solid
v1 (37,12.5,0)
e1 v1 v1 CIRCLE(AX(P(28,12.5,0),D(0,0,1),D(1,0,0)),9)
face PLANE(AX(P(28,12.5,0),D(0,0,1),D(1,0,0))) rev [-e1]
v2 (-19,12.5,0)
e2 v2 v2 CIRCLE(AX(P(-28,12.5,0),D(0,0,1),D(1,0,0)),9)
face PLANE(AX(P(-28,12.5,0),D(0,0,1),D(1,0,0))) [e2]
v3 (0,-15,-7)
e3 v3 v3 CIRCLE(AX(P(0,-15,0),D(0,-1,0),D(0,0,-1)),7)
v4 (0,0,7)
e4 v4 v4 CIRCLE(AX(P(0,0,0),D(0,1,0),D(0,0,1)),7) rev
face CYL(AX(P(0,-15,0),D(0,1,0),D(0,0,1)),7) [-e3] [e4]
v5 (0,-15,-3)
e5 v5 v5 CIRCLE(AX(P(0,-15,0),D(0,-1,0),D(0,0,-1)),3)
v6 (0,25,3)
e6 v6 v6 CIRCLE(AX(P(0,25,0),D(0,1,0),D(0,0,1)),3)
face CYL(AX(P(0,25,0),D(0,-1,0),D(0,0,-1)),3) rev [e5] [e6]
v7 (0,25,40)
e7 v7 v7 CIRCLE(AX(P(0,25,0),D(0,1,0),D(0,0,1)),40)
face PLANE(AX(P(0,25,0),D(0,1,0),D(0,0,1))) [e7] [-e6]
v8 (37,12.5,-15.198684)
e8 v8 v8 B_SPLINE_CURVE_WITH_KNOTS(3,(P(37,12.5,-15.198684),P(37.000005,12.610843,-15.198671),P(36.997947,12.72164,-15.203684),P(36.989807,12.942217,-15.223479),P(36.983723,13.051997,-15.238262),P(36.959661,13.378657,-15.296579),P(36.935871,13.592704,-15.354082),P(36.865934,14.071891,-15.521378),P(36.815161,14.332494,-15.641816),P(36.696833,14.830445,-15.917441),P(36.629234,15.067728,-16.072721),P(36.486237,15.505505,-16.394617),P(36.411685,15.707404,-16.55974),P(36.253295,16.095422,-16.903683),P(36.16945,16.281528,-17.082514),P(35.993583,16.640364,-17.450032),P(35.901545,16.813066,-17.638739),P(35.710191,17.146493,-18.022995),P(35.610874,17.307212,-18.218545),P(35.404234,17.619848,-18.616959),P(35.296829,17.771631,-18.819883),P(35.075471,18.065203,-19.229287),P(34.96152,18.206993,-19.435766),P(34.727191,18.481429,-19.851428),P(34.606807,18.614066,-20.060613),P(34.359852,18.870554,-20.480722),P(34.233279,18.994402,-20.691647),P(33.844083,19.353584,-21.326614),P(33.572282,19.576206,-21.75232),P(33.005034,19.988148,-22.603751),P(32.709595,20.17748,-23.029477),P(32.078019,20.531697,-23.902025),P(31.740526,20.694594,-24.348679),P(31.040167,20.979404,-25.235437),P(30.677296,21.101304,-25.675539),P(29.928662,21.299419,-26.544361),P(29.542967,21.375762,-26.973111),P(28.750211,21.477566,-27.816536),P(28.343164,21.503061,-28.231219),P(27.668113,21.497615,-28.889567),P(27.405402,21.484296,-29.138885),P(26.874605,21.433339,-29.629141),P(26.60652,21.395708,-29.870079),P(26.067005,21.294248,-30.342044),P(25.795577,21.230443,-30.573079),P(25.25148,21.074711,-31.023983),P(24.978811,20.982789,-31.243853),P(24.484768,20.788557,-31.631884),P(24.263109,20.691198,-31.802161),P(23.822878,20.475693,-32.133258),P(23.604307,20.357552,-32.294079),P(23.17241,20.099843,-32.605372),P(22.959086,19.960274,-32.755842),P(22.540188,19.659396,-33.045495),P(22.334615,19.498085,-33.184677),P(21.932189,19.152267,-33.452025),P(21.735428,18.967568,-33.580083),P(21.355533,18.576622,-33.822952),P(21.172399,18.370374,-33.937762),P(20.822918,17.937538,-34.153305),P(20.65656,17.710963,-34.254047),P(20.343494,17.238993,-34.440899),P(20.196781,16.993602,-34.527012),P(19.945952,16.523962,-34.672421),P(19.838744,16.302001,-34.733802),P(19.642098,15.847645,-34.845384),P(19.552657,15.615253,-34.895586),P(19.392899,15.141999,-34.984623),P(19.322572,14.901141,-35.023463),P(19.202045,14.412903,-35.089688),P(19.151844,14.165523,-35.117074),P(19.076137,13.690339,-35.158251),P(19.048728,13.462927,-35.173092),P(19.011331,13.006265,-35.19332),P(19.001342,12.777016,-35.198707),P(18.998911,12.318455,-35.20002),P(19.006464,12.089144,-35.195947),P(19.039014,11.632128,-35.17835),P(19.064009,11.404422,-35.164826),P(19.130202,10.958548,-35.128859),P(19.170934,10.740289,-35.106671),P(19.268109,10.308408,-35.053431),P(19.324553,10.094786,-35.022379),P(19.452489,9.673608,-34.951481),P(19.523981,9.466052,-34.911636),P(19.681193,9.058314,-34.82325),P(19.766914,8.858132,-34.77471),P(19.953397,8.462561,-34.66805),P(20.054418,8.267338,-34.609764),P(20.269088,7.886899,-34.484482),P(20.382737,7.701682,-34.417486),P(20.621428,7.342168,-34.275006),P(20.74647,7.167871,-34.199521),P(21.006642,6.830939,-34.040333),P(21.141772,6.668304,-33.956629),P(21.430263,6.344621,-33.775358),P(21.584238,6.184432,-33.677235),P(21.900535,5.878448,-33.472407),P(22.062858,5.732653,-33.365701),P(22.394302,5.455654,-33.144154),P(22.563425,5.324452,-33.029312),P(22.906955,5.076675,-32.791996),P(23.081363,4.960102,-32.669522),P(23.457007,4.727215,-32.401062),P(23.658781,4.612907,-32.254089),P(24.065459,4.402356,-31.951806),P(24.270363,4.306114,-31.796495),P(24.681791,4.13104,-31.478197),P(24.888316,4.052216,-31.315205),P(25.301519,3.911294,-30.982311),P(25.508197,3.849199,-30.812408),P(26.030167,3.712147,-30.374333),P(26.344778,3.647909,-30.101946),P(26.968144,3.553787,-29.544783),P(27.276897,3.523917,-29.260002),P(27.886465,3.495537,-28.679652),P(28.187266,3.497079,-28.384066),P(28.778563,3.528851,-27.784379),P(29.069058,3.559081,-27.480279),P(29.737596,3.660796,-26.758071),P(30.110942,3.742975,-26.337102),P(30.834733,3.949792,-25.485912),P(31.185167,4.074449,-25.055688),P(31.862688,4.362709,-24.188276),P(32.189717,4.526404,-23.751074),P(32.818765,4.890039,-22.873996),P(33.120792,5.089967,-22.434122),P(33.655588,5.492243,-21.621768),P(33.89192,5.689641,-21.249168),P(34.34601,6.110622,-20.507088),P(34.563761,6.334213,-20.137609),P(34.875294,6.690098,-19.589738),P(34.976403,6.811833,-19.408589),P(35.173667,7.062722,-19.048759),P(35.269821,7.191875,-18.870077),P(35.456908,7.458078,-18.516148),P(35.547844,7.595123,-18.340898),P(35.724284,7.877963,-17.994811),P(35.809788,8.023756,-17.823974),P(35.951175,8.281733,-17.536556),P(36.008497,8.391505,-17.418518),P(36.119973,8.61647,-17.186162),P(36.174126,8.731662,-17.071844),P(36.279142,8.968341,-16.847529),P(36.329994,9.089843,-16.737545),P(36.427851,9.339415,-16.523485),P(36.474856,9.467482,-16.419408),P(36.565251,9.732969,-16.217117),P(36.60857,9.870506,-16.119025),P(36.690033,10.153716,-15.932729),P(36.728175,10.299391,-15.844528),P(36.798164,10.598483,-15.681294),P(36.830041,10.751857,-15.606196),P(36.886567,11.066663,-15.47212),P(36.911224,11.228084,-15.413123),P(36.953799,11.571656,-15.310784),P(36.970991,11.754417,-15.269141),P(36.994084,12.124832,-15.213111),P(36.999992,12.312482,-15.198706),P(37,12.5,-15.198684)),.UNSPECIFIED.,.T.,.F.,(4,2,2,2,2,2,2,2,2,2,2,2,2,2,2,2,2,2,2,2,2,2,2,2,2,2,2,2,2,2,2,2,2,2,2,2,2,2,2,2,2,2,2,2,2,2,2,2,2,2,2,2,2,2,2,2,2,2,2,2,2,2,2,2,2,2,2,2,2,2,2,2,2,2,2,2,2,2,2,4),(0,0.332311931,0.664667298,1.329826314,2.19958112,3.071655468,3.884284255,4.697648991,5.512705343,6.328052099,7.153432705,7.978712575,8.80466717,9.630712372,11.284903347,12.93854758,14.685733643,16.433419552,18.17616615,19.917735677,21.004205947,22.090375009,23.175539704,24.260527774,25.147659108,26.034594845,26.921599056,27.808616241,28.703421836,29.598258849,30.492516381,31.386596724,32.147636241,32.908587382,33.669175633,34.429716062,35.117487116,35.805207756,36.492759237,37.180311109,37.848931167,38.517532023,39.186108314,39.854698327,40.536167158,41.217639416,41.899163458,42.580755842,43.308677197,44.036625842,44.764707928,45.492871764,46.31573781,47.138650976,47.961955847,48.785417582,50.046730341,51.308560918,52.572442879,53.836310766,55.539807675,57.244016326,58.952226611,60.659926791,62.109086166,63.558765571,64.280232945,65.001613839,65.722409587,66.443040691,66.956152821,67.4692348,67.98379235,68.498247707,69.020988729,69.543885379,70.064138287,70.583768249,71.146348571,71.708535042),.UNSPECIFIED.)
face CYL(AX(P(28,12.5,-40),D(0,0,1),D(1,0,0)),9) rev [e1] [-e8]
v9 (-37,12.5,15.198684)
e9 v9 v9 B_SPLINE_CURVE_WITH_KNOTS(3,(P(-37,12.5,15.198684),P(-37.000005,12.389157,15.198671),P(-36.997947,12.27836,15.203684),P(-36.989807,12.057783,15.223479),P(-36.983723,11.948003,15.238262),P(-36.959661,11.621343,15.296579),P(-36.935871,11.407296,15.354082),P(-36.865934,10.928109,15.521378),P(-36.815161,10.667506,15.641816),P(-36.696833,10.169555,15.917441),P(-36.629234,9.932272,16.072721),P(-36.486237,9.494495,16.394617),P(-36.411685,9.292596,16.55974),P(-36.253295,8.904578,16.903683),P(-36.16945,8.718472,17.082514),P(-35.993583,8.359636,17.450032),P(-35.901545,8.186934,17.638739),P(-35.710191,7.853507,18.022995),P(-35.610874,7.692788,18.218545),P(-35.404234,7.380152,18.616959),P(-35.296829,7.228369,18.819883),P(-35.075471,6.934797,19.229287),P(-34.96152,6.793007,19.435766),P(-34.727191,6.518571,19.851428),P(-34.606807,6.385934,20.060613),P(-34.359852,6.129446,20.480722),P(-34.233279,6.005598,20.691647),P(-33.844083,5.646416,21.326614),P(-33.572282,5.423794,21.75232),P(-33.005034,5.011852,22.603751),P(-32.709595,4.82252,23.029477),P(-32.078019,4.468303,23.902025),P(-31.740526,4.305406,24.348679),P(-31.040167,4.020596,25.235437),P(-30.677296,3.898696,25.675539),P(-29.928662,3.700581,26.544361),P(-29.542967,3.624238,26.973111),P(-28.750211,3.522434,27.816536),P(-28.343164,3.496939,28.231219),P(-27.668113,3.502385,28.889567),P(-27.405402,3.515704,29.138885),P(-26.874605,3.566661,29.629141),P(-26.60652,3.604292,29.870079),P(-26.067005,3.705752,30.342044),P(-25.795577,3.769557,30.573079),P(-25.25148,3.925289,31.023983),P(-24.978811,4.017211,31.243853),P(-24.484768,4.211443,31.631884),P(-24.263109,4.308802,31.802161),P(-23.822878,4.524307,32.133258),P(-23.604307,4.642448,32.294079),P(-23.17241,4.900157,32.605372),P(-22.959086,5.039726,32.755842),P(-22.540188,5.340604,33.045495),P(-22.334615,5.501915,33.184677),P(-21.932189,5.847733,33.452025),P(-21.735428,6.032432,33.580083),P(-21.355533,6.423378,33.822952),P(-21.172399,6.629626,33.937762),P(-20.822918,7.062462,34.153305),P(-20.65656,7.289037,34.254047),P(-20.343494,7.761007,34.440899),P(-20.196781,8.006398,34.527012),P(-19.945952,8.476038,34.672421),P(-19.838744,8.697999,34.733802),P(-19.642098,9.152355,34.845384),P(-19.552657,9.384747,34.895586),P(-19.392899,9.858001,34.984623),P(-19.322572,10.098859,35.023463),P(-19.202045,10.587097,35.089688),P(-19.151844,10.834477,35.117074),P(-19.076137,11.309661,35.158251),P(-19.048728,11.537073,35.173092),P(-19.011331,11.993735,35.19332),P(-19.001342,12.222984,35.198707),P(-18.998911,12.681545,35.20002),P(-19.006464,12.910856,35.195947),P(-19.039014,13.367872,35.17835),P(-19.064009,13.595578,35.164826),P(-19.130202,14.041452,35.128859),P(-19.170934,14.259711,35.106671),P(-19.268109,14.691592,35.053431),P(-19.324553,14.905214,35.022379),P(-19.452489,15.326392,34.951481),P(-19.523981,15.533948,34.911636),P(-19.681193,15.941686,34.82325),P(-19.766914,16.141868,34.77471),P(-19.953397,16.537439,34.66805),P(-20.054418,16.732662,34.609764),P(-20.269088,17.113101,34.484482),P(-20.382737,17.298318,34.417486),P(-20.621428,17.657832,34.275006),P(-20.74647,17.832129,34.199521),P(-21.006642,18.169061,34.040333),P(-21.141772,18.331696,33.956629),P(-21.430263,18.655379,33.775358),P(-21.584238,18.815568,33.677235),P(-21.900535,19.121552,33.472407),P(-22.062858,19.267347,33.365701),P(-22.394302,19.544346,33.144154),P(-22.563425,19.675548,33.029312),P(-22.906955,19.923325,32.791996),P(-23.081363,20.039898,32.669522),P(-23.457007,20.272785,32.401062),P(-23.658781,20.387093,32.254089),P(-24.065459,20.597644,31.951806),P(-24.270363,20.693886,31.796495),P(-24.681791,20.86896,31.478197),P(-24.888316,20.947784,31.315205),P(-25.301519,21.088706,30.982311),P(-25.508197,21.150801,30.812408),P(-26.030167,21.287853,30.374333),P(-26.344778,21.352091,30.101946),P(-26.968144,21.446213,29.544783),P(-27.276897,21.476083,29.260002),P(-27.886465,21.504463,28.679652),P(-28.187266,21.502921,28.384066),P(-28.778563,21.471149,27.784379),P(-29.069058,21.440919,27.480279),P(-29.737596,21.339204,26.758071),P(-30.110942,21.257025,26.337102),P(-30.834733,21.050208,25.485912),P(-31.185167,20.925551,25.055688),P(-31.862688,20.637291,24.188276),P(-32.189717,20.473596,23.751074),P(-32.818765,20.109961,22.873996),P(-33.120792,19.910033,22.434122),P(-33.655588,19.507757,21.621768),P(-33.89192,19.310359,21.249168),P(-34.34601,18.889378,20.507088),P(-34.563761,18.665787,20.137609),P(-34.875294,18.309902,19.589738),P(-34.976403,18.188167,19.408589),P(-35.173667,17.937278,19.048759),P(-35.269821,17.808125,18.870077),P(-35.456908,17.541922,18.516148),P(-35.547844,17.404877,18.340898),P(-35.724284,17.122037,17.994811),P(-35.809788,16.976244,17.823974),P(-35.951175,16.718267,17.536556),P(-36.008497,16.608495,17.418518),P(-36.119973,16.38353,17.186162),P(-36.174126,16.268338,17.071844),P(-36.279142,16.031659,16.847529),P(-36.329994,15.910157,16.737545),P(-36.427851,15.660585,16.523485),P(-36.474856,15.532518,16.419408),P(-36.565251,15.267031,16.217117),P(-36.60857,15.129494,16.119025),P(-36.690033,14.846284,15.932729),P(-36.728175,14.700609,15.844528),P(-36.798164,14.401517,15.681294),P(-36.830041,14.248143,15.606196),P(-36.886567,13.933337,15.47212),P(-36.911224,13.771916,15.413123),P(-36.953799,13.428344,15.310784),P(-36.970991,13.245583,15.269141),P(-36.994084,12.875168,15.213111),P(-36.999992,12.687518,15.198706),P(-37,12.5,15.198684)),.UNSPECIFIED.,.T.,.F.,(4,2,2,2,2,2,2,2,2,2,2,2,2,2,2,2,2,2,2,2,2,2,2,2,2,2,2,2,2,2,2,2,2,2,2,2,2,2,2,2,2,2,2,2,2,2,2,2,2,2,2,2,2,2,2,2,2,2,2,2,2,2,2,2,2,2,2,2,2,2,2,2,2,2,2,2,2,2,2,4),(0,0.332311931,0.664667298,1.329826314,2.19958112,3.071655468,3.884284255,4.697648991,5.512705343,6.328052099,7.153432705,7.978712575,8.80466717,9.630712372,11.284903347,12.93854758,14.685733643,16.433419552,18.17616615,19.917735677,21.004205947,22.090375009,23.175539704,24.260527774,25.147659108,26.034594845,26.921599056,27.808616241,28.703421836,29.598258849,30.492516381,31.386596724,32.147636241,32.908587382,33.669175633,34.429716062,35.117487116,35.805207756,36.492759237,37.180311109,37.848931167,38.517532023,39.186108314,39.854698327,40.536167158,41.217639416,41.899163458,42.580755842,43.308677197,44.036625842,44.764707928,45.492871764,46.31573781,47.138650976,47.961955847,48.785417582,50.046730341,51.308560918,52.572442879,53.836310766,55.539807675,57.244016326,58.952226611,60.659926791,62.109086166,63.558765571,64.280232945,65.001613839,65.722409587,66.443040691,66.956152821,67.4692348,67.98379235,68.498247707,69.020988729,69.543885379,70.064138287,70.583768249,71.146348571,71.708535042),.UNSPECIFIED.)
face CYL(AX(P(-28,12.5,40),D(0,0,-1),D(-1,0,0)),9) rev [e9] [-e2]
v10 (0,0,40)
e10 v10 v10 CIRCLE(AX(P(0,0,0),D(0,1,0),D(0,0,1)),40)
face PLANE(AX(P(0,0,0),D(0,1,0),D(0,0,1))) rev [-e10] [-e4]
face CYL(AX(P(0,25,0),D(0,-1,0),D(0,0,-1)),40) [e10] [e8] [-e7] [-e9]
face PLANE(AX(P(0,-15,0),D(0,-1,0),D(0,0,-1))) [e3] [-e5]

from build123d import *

# Parameters (mm, degrees)
SKETCH1_R           = 40
SKETCH1_R_2         = 3
BOSS_EXTRUDE1_DEPTH = 25
SKETCH2_R           = 7
SKETCH2_R_2         = 3
BOSS_EXTRUDE2_DEPTH = 15
SKETCH3_R           = 9
CUT_EXTRUDE1_DEPTH  = 41
SKETCH4_R           = 9
CUT_EXTRUDE2_DEPTH  = 41.0000001


with BuildPart() as part:
    # Sketch1 → Boss-Extrude1 (new body)
    with BuildSketch(Plane(origin=(0, 0, 0), x_dir=(1, 0, 0), z_dir=(0, 1, 0))):
        Circle(SKETCH1_R)
        Circle(SKETCH1_R_2, mode=Mode.SUBTRACT)
    extrude(amount=BOSS_EXTRUDE1_DEPTH)

    # Sketch2 → Boss-Extrude2 (add)
    with BuildSketch(Plane.XZ):
        Circle(SKETCH2_R)
        Circle(SKETCH2_R_2, mode=Mode.SUBTRACT)
    extrude(amount=BOSS_EXTRUDE2_DEPTH)

    # Sketch3 → Cut-Extrude1 (cut, through all)
    with BuildSketch(Plane.XY):
        with Locations((28, 12.5)):
            Circle(SKETCH3_R)
    extrude(amount=-CUT_EXTRUDE1_DEPTH, mode=Mode.SUBTRACT)

    # Sketch4 → Cut-Extrude2 (cut, through all)
    with BuildSketch(Plane.XY):
        with Locations((-28, 12.5)):
            Circle(SKETCH4_R)
    extrude(amount=CUT_EXTRUDE2_DEPTH, mode=Mode.SUBTRACT)


solid = part.part
